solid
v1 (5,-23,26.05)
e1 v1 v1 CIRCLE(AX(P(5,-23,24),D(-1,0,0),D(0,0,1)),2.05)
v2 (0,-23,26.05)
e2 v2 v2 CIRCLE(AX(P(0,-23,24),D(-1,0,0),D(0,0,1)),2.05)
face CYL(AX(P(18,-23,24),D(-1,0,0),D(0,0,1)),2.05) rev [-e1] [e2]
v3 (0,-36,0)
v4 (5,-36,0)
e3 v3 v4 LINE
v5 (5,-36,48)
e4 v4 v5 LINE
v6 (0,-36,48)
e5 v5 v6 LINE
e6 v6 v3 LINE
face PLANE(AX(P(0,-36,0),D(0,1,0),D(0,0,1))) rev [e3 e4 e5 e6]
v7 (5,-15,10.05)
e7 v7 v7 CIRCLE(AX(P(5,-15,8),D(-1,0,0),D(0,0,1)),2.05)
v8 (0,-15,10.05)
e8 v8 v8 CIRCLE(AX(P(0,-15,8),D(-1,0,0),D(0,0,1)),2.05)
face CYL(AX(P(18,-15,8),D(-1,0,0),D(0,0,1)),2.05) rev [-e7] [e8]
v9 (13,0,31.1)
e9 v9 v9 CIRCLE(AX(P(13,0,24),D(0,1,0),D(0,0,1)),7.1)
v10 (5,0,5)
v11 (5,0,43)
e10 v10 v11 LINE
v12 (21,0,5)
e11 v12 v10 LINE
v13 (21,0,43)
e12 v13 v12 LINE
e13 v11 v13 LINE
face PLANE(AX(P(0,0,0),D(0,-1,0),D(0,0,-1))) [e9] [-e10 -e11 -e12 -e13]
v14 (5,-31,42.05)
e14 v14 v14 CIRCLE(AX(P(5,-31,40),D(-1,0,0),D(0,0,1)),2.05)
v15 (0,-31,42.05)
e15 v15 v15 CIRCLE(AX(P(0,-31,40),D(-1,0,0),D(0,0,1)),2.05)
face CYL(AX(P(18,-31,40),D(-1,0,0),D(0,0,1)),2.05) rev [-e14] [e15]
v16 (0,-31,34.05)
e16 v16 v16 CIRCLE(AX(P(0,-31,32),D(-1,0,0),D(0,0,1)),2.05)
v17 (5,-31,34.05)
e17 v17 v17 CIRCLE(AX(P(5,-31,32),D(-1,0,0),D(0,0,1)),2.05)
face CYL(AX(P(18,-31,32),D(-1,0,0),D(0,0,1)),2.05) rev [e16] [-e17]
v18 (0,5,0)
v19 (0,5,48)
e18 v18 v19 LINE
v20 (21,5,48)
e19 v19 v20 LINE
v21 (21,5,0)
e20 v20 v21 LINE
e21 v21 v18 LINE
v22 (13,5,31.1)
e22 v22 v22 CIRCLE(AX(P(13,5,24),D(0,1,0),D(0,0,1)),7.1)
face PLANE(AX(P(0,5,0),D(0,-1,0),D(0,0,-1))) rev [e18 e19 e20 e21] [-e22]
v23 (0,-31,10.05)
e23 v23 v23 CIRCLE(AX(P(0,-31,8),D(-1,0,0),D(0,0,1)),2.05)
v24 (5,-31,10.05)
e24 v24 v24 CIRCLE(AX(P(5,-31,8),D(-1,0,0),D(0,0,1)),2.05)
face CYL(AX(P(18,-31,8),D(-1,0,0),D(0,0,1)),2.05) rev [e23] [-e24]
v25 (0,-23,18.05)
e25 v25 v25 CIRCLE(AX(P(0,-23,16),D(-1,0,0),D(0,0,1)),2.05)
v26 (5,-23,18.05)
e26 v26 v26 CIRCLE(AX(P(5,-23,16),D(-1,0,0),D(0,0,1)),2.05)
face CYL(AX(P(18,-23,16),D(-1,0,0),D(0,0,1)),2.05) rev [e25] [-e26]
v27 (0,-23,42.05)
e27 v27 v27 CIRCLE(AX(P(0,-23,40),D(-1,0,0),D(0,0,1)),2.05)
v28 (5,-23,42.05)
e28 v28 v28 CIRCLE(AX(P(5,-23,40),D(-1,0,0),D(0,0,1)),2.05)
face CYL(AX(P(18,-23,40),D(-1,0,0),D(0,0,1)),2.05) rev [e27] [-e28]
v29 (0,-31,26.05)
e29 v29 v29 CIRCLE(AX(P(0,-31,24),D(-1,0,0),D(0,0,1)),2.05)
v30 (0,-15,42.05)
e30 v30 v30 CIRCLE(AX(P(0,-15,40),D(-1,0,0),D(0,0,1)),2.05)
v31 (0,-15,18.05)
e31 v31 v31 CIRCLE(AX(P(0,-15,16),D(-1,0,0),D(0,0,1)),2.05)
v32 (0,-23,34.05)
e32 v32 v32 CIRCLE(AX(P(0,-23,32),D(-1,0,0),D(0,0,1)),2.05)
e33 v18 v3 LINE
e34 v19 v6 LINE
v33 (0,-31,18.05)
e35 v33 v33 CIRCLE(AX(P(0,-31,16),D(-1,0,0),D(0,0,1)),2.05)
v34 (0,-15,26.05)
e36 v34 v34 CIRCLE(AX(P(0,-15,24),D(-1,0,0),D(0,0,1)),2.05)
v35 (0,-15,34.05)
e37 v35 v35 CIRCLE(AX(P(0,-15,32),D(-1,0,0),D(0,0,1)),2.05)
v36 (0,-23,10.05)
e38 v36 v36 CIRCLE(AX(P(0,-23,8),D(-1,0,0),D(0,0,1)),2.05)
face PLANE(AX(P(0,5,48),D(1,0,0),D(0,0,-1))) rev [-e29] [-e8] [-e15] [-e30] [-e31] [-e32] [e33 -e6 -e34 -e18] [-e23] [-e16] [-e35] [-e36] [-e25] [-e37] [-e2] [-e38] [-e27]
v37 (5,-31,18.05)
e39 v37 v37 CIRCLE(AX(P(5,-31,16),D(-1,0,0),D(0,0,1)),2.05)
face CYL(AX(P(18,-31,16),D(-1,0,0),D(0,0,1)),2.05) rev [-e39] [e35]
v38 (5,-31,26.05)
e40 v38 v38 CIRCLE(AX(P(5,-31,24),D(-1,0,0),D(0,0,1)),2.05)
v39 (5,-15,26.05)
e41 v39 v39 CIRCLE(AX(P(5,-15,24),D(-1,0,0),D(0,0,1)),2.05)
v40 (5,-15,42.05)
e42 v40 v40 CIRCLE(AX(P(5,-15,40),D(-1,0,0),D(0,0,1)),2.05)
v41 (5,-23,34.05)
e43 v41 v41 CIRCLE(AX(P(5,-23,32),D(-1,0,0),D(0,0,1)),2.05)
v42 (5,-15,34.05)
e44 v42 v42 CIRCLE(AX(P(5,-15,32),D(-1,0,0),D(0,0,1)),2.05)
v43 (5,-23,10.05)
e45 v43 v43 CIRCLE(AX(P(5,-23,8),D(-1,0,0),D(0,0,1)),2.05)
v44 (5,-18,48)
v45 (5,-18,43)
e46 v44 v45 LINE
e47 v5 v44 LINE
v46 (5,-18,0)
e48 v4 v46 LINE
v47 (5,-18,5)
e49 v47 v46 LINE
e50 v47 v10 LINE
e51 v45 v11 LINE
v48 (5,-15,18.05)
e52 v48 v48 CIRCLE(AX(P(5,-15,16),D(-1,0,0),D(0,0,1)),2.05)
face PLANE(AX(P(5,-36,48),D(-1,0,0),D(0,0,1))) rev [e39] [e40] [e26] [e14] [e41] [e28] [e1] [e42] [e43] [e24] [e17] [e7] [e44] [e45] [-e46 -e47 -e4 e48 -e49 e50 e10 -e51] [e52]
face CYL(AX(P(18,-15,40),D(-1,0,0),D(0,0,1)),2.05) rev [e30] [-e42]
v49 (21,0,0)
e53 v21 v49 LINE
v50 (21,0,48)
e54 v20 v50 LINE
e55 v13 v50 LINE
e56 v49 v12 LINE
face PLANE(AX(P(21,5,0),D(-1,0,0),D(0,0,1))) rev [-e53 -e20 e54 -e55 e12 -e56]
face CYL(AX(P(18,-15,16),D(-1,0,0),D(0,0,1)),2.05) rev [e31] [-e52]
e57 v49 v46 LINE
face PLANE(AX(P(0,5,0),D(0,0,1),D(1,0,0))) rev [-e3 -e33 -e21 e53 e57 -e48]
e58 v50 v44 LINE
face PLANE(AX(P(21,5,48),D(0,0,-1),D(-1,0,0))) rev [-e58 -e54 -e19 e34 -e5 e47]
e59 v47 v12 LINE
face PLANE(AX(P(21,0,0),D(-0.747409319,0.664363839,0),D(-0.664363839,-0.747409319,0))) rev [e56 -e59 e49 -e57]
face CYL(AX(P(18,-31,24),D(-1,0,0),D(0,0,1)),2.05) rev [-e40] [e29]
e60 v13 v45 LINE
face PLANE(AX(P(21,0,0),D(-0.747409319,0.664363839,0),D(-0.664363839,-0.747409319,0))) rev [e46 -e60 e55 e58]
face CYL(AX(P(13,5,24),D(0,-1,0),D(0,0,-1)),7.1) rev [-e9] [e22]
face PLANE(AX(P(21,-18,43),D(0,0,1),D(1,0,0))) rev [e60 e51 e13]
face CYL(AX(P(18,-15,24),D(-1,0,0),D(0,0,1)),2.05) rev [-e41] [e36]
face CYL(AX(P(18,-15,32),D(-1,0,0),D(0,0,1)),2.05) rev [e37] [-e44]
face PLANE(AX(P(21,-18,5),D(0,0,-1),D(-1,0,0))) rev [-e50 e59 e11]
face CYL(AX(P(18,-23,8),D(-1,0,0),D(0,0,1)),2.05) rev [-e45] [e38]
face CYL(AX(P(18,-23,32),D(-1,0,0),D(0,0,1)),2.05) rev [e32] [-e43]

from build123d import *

# Parameters (mm, degrees)
SKETCH1_W           = 21
SKETCH1_H           = 48
SKETCH1_R           = 7.1
BOSS_EXTRUDE1_DEPTH = 5
SKETCH2_W           = 5
SKETCH2_H           = 48
BOSS_EXTRUDE2_DEPTH = 36
SKETCH4_W           = 16
SKETCH4_H           = 5
BOSS_EXTRUDE3_DEPTH = 18
CUT_EXTRUDE1_DEPTH  = 64.568860301
SKETCH6_R           = 2.05
CUT_EXTRUDE2_DEPTH  = 18


with BuildPart() as part:
    # Sketch1 → Boss-Extrude1 (new body)
    with BuildSketch(Plane(origin=(0, 0, 0), x_dir=(1, 0, 0), z_dir=(0, 1, 0))):
        with Locations((10.5, -24)):
            Rectangle(SKETCH1_W, SKETCH1_H)
        with Locations(Location((13, -24, 0), (0, 0, 270))):
            Circle(SKETCH1_R, mode=Mode.SUBTRACT)
    extrude(amount=BOSS_EXTRUDE1_DEPTH)

    # Sketch2 → Boss-Extrude2 (add)
    with BuildSketch(Plane.XZ):
        with Locations((2.5, 24)):
            Rectangle(SKETCH2_W, SKETCH2_H)
    extrude(amount=BOSS_EXTRUDE2_DEPTH)

    # Sketch4 → Boss-Extrude3 (add)
    with BuildSketch(Plane.XZ):
        with Locations((13, 45.5)):
            Rectangle(SKETCH4_W, SKETCH4_H)
        with Locations((13, 2.5)):
            Rectangle(SKETCH4_W, SKETCH4_H)
    extrude(amount=BOSS_EXTRUDE3_DEPTH)

    # Sketch5 → Cut-Extrude1 (cut, through all)
    with BuildSketch(Plane.XY.offset(48)):
        Polygon((21, 0), (5, -18), (21, -18), align=None)
    extrude(amount=-CUT_EXTRUDE1_DEPTH, mode=Mode.SUBTRACT)

    # Sketch6 → Cut-Extrude2 (cut)
    with BuildSketch(Plane.ZY):
        with Locations((8, -31)):
            Circle(SKETCH6_R)
        with Locations((16, -31)):
            Circle(SKETCH6_R)
        with Locations((24, -31)):
            Circle(SKETCH6_R)
        with Locations((32, -31)):
            Circle(SKETCH6_R)
        with Locations((40, -31)):
            Circle(SKETCH6_R)
        with Locations((16, -23)):
            Circle(SKETCH6_R)
        with Locations((24, -23)):
            Circle(SKETCH6_R)
        with Locations((32, -23)):
            Circle(SKETCH6_R)
        with Locations((40, -23)):
            Circle(SKETCH6_R)
        with Locations((16, -15)):
            Circle(SKETCH6_R)
        with Locations((24, -15)):
            Circle(SKETCH6_R)
        with Locations((32, -15)):
            Circle(SKETCH6_R)
        with Locations((40, -15)):
            Circle(SKETCH6_R)
        with Locations((8, -23)):
            Circle(SKETCH6_R)
        with Locations((8, -15)):
            Circle(SKETCH6_R)
    extrude(amount=-CUT_EXTRUDE2_DEPTH, mode=Mode.SUBTRACT)


solid = part.part
